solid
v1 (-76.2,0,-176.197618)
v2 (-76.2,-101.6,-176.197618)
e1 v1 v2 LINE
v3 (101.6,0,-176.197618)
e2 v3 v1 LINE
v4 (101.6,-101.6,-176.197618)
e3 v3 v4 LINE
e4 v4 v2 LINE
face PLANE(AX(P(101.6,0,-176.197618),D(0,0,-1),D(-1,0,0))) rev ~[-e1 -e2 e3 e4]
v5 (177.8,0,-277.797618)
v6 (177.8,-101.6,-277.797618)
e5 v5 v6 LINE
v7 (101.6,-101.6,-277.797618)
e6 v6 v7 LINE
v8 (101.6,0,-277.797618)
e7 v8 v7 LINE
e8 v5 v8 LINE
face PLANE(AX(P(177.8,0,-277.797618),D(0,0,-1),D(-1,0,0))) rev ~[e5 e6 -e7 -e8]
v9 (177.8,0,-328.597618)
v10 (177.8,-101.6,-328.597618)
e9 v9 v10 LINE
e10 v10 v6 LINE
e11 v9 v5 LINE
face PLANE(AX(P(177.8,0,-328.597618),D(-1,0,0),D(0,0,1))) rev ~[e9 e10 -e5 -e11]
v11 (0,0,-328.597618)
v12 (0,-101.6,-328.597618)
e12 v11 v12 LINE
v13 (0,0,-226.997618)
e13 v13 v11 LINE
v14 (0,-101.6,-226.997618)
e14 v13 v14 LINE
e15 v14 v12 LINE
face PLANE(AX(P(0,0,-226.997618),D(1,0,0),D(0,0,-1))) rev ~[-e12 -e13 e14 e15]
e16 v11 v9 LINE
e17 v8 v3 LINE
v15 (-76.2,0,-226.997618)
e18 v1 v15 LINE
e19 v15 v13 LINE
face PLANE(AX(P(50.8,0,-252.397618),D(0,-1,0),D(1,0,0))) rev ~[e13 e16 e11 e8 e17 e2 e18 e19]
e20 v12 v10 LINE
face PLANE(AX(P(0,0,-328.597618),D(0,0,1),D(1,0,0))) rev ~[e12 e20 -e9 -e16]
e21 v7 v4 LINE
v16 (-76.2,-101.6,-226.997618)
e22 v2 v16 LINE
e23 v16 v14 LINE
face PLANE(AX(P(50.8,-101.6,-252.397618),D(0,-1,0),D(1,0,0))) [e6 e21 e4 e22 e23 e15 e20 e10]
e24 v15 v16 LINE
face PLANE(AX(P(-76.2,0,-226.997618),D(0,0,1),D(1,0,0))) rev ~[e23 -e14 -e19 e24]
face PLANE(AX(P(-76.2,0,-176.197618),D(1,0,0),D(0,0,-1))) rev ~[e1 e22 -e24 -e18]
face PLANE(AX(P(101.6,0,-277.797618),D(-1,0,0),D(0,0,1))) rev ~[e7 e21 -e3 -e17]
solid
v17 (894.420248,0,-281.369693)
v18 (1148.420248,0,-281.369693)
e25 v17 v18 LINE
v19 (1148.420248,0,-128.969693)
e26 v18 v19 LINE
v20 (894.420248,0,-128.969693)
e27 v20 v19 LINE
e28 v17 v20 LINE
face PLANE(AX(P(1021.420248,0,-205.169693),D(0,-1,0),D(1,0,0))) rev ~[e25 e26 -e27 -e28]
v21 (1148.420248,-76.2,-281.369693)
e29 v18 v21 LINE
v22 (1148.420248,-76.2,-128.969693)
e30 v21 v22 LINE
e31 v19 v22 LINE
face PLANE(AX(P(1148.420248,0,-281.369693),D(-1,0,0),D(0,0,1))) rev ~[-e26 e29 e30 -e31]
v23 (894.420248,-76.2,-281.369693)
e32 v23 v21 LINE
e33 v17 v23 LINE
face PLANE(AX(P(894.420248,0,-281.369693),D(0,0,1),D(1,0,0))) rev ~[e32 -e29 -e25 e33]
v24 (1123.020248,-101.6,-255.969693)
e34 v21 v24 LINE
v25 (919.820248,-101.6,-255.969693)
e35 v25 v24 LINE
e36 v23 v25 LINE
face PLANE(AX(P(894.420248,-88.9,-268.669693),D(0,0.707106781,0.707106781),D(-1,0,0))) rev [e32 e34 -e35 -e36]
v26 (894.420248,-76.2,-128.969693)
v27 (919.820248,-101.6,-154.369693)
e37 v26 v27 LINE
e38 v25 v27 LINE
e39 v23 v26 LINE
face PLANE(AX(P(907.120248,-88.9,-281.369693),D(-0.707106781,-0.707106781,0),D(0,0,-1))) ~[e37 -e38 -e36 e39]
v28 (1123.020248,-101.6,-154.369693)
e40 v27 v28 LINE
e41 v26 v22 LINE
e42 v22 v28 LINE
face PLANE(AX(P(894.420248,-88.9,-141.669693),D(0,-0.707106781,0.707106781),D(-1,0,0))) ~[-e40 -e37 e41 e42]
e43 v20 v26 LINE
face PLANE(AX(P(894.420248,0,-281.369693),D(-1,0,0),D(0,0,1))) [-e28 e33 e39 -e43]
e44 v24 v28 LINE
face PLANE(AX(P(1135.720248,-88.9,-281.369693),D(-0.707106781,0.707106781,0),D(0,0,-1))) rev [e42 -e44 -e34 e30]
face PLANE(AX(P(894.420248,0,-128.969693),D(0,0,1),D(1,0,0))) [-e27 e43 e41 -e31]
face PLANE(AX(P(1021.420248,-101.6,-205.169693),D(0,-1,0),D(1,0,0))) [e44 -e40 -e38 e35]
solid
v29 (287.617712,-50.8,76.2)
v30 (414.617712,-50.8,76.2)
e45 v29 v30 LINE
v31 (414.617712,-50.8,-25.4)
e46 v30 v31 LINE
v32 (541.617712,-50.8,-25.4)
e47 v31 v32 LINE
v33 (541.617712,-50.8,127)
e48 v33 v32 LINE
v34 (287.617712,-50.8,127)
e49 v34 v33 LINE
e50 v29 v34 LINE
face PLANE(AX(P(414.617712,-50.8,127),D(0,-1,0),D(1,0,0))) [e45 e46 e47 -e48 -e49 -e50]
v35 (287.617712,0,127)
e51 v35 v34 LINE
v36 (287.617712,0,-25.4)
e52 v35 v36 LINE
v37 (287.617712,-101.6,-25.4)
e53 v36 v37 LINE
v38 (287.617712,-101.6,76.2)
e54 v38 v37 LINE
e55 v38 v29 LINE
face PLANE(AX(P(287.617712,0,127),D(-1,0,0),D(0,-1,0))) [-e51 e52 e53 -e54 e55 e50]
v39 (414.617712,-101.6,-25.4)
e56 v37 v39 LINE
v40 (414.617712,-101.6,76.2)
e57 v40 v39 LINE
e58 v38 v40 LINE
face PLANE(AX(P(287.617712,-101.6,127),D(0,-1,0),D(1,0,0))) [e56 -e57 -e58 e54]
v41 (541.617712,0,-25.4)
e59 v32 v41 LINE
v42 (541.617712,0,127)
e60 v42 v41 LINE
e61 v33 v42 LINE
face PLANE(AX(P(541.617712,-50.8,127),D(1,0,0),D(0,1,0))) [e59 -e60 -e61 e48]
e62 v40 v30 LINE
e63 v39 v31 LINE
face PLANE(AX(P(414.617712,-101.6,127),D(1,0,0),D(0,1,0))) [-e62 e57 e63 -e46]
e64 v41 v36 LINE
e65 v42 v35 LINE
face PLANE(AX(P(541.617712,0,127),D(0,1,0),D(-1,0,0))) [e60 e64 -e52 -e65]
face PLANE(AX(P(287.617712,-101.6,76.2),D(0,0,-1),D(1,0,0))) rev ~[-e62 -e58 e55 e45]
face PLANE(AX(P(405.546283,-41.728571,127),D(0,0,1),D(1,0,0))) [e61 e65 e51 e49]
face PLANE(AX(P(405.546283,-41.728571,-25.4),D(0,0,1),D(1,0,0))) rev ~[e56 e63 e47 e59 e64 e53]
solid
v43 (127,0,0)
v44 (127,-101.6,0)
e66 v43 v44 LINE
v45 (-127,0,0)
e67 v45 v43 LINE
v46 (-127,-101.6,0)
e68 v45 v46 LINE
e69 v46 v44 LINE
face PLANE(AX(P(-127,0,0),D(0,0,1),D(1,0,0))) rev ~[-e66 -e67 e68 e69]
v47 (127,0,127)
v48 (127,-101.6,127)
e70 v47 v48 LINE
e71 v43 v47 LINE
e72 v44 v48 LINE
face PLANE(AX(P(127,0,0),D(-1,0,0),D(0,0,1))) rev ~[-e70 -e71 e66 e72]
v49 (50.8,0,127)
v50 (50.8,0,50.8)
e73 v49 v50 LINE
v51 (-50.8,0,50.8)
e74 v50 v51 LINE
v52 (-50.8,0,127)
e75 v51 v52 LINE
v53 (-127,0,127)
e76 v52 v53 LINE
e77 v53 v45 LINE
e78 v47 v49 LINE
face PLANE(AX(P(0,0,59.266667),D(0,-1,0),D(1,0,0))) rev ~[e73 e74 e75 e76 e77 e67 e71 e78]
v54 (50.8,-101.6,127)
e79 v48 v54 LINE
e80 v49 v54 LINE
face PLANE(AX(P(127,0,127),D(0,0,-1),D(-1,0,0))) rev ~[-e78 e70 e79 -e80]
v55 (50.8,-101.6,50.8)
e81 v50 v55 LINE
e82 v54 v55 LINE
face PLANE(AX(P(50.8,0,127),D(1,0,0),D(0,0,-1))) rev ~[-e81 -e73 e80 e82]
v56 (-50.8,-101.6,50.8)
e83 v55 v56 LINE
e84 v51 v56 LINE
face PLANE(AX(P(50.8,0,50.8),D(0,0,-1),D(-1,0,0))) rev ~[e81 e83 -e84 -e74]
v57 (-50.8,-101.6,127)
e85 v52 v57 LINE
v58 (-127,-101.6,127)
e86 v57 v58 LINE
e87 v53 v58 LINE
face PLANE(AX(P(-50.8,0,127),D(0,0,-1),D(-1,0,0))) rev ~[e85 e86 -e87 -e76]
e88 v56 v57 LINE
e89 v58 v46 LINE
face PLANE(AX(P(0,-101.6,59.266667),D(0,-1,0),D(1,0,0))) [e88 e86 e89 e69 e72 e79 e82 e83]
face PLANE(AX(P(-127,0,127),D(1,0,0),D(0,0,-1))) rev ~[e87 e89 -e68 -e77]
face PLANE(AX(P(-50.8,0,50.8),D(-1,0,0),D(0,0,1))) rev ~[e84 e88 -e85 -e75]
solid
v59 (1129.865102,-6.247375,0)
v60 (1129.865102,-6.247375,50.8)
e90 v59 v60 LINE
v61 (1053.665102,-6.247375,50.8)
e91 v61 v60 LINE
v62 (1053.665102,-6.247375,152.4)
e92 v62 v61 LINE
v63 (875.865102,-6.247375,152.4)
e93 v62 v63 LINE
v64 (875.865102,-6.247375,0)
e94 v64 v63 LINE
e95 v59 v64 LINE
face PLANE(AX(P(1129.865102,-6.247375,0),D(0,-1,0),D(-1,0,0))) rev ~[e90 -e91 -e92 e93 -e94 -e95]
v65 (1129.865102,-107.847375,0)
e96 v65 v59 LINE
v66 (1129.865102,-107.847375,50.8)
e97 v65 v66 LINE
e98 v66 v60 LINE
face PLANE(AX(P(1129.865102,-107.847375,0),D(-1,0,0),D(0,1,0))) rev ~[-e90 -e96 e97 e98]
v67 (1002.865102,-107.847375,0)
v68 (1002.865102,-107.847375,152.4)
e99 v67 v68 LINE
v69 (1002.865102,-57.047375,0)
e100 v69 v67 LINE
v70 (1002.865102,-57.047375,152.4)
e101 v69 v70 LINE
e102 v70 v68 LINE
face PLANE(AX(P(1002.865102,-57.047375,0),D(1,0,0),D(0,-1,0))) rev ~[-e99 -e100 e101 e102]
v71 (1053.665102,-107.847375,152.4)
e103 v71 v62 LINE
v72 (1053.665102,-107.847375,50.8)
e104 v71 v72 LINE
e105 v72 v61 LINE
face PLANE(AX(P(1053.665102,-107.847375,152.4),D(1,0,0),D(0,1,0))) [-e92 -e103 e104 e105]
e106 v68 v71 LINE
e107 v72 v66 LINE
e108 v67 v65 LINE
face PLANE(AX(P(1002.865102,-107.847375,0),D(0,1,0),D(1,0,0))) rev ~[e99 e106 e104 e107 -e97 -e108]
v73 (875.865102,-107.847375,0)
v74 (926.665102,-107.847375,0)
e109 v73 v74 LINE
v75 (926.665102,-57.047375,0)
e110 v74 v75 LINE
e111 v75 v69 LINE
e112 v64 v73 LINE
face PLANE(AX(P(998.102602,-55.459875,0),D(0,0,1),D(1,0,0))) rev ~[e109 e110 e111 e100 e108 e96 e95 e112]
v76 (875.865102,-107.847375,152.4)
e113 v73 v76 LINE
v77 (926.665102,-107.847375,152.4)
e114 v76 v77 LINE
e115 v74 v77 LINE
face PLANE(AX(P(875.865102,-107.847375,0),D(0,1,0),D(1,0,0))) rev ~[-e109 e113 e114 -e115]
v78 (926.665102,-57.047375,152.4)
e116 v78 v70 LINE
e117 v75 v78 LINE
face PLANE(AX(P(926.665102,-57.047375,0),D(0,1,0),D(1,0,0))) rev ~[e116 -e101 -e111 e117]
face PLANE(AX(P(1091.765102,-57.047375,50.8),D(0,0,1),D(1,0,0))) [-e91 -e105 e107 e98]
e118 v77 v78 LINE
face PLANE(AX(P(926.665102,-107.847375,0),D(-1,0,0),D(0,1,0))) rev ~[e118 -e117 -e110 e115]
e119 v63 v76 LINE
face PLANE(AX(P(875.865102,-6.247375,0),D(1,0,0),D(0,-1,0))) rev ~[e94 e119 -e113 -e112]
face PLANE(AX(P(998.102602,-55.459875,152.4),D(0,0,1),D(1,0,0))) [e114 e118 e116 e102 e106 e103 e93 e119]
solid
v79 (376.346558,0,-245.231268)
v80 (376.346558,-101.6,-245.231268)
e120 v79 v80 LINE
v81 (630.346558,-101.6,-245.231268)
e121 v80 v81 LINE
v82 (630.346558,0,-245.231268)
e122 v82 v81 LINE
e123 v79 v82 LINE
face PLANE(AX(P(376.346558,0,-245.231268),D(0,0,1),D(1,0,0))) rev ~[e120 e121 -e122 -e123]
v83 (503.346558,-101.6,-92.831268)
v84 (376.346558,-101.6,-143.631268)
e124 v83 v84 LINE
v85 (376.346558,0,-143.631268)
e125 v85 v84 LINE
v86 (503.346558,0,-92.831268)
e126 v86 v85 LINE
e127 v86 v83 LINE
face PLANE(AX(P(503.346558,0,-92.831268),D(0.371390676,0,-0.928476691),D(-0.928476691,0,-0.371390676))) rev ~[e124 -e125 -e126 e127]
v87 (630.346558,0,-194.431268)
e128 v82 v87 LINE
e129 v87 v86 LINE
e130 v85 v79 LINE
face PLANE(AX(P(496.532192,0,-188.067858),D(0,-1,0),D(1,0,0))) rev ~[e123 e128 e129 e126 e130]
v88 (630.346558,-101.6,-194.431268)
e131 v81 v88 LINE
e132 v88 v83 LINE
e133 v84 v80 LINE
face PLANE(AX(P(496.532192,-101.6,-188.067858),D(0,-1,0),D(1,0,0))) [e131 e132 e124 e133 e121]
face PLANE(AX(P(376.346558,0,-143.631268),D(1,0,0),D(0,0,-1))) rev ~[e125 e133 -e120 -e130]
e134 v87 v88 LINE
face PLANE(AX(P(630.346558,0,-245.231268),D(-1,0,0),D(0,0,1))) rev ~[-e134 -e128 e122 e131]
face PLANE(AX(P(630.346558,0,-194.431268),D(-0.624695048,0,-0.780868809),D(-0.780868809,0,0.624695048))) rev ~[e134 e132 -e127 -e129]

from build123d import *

# Parameters (mm, degrees)
F1_DEPTH  = 101.6
F3_DEPTH  = 152.4
F4_W      = 127
F4_H      = 50.8
F5_DEPTH  = 50.8
F7_DEPTH  = 152.4
F8_W      = 76.2
F8_H      = 101.6
F9_DEPTH  = 101.6
F11_DEPTH = 101.6
F13_DEPTH = 101.6
F14_W     = 254
F14_H     = 152.4
F15_DEPTH = 101.6
F16_SIZE  = 25.4


with BuildPart() as f1:
    # F0 (on Front) → F1 (new body)
    with BuildSketch(Plane.XZ):
        Polygon((-127, 0), (0, 0), (127, 0), (127, 127), (50.8, 127), (50.8, 50.8), (-50.8, 50.8), (-50.8, 127), (-127, 127), align=None)
    extrude(amount=F1_DEPTH)


with BuildPart() as f3:
    # F2 (on face) → F3 (new body)
    with BuildSketch(Plane.XY.offset(127)):
        Polygon((541.617712, 0), (287.617712, 0), (287.617712, -101.6), (414.617712, -101.6), (414.617712, -50.8), (541.617712, -50.8), align=None)
    extrude(amount=-F3_DEPTH)

    # F4 (on face) → F5 (cut)
    with BuildSketch(Plane.XZ.offset(101.6)):
        with Locations((351.117712, 101.6)):
            Rectangle(F4_W, F4_H)
    extrude(amount=-F5_DEPTH, mode=Mode.SUBTRACT)


with BuildPart() as f7:
    # F6 (on Top) → F7 (new body)
    with BuildSketch(Plane.XY):
        Polygon((1129.865102, -6.247375), (875.865102, -6.247375), (875.865102, -107.847375), (926.665102, -107.847375), (926.665102, -57.047375), (1002.865102, -57.047375), (1002.865102, -107.847375), (1129.865102, -107.847375), align=None)
    extrude(amount=F7_DEPTH)

    # F8 (on face) → F9 (cut)
    with BuildSketch(Plane.XY.offset(152.4)):
        with Locations((1091.765102, -57.047375)):
            Rectangle(F8_W, F8_H)
    extrude(amount=-F9_DEPTH, mode=Mode.SUBTRACT)


with BuildPart() as f11:
    # F10 (on Front) → F11 (new body)
    with BuildSketch(Plane.XZ):
        Polygon((101.6, -176.197618), (-76.2, -176.197618), (-76.2, -226.997618), (0, -226.997618), (0, -328.597618), (177.8, -328.597618), (177.8, -277.797618), (101.6, -277.797618), align=None)
    extrude(amount=F11_DEPTH)


with BuildPart() as f13:
    # F12 (on Front) → F13 (new body)
    with BuildSketch(Plane.XZ):
        Polygon((503.346558, -92.831268), (376.346558, -143.631268), (376.346558, -245.231268), (630.346558, -245.231268), (630.346558, -194.431268), align=None)
    extrude(amount=F13_DEPTH)


with BuildPart() as f15:
    # F14 (on Front) → F15 (new body)
    with BuildSketch(Plane.XZ):
        with Locations((1021.420248, -205.169693)):
            Rectangle(F14_W, F14_H)
    extrude(amount=F15_DEPTH)

    # F16
    f16_edges = [f15.edges().sort_by_distance(p)[0] for p in [
        (1021.420248, -101.6, -128.969693),
        (1148.420248, -101.6, -205.169693),
        (894.420248, -101.6, -205.169693),
        (1021.420248, -101.6, -281.369693),
    ]]
    chamfer(f16_edges, length=F16_SIZE)


solid = Compound([f1.part, f3.part, f7.part, f11.part, f13.part, f15.part])
